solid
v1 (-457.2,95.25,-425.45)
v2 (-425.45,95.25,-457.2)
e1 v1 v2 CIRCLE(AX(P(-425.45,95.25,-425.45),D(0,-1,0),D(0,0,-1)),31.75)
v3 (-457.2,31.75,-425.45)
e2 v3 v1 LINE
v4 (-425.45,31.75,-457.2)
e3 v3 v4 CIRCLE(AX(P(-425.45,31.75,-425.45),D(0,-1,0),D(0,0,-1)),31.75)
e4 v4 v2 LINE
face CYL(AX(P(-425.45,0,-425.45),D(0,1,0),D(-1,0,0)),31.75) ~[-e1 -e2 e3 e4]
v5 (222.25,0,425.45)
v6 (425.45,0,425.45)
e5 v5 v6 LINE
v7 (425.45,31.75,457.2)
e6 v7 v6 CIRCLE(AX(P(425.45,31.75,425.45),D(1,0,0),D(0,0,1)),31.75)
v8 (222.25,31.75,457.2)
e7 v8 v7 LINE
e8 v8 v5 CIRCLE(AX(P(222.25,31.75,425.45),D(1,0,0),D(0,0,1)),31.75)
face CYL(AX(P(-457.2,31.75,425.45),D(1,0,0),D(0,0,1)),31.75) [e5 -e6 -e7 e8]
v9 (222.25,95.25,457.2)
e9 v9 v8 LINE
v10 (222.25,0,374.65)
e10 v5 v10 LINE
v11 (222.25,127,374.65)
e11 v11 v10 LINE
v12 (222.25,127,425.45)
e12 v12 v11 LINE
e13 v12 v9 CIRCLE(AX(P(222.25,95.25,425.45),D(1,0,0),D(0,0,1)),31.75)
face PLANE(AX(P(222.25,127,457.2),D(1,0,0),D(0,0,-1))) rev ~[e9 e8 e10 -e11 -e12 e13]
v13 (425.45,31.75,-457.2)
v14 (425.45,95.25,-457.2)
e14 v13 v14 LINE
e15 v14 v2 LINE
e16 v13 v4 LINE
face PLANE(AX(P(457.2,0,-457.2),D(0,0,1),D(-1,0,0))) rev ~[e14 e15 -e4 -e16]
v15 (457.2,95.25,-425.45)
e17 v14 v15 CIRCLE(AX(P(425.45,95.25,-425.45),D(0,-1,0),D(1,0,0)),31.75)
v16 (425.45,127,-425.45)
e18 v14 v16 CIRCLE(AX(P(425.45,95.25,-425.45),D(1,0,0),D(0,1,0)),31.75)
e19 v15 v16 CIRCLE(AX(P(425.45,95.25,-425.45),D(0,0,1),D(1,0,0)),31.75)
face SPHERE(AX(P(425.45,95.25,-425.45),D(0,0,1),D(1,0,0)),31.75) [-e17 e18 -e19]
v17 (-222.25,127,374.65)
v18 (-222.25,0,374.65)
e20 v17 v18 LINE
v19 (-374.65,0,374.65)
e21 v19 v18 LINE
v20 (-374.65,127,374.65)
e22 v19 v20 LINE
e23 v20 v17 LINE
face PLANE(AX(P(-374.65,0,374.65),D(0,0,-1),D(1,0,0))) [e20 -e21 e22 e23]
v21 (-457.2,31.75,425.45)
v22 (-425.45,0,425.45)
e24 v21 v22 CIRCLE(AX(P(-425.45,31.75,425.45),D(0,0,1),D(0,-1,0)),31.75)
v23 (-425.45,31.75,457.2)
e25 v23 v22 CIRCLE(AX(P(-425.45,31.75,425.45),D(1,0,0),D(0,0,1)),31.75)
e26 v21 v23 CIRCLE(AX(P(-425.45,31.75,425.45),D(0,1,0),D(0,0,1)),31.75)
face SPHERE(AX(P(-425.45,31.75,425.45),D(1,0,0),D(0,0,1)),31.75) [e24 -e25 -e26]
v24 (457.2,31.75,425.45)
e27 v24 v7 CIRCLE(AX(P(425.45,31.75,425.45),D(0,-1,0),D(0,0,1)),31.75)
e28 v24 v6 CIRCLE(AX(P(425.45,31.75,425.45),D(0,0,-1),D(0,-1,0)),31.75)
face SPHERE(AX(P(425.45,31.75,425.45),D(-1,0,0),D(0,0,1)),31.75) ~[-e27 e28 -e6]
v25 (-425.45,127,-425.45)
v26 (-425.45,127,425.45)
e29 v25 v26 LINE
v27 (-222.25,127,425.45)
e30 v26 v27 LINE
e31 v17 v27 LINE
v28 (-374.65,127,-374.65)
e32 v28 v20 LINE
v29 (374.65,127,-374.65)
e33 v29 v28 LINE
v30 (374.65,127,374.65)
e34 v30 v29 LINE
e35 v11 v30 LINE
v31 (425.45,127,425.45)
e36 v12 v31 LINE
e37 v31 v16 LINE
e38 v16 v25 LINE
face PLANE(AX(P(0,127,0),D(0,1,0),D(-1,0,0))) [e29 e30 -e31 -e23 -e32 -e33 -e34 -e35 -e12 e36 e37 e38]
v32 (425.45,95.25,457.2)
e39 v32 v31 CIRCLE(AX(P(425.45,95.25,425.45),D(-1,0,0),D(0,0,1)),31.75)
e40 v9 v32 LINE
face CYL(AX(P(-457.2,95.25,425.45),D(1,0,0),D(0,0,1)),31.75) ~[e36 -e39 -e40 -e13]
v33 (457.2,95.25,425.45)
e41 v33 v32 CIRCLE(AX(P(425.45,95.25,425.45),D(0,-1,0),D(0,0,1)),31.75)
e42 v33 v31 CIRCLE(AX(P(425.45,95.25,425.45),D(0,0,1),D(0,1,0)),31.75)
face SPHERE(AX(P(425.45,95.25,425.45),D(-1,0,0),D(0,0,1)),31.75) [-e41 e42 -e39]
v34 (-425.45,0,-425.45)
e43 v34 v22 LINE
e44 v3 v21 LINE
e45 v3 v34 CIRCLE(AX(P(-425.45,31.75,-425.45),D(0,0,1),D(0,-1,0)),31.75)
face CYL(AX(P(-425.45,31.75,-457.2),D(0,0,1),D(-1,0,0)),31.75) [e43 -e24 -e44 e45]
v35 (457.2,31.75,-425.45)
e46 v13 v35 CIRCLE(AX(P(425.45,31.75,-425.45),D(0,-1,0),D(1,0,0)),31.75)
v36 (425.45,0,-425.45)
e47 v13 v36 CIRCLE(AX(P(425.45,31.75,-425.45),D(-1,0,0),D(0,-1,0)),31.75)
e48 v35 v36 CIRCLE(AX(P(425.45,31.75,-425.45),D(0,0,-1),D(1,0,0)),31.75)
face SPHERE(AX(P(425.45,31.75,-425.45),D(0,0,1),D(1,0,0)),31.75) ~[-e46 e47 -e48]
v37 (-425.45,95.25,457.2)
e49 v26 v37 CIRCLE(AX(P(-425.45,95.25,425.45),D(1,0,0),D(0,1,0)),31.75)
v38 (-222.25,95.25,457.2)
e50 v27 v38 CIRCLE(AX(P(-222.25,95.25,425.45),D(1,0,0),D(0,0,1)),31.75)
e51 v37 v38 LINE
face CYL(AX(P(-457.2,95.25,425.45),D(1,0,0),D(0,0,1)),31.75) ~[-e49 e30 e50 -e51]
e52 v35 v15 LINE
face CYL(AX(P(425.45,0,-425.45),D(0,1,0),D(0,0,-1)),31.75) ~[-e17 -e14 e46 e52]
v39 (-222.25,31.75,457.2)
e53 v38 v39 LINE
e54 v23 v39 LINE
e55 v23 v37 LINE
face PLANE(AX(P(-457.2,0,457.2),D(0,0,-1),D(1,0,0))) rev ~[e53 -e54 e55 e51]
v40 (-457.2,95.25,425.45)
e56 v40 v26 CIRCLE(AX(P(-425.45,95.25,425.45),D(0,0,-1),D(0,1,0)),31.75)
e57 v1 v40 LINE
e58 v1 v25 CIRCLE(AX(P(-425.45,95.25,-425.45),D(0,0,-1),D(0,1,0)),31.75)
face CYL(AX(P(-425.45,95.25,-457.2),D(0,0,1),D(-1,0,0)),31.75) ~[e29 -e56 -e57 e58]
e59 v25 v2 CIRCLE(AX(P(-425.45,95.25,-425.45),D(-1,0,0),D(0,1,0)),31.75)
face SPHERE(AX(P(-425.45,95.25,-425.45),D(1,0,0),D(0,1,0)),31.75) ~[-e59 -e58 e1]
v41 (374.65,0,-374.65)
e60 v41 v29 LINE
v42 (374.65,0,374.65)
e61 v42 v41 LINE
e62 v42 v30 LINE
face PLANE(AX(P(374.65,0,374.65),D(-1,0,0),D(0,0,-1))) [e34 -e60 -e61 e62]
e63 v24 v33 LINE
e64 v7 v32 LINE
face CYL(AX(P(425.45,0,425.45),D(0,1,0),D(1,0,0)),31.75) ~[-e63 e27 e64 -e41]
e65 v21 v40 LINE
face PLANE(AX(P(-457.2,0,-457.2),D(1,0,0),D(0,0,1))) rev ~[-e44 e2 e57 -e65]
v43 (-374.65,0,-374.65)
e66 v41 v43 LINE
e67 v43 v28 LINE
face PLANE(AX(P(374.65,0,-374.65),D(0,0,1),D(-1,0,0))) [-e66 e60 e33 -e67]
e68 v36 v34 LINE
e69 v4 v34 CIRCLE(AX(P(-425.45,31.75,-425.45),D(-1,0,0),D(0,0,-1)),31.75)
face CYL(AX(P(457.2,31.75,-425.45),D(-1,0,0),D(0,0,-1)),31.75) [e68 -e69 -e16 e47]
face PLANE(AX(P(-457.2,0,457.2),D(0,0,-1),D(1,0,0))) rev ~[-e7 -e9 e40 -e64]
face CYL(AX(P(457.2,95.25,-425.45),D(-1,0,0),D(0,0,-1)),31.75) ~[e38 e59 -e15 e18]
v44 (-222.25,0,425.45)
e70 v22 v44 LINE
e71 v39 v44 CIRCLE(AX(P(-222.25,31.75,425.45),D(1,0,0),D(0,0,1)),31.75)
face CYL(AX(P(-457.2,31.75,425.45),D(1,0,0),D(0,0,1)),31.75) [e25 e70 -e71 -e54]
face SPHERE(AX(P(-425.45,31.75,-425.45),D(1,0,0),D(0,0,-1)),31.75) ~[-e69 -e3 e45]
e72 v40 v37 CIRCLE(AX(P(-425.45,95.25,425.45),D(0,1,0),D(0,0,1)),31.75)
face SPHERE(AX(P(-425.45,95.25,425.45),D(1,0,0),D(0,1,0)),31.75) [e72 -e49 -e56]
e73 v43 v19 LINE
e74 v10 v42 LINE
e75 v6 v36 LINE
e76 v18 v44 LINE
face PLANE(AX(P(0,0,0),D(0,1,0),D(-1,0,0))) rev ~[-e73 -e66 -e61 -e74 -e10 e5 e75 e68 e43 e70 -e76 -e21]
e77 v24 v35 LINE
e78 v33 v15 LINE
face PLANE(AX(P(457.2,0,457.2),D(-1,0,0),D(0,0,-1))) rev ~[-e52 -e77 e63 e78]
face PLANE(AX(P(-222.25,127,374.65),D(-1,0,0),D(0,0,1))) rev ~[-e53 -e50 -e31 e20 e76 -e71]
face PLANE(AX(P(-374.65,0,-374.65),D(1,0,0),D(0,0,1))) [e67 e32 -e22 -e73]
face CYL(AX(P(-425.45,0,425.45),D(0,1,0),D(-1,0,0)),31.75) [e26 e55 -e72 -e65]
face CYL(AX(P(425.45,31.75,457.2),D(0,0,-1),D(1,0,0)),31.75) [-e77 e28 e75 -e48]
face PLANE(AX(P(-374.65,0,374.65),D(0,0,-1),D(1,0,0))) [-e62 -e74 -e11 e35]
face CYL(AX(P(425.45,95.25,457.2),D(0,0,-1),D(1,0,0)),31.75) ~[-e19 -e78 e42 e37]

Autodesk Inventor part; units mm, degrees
ref_plane "YZ Plane" through (0, 0, 0) normal (1, 0, 0) x (0, 1, 0)
ref_plane "XZ Plane" through (0, 0, 0) normal (0, 1, 0) x (-1, 0, 0)
ref_plane "XY Plane" through (0, 0, 0) normal (0, 0, 1) x (1, 0, 0)
sketch "Sketch1" plane through (0, 0, 0) normal (0, 1, 0) x (-1, 0, 0)
  line L0 (374.65, 374.65) -> (-374.65, 374.65)
  line L1 (-374.65, 374.65) -> (-374.65, -374.65)
  line L2 (-374.65, -374.65) -> (374.65, -374.65)
  line L3 (374.65, -374.65) -> (374.65, 374.65)
  line L4 (374.65, 374.65) -> (-374.65, -374.65) construction
  line L5 (-374.65, 374.65) -> (374.65, -374.65) construction
  line L6 (457.2, 457.2) -> (-457.2, 457.2)
  line L7 (-457.2, 457.2) -> (-457.2, -457.2)
  line L8 (-457.2, -457.2) -> (457.2, -457.2)
  line L9 (457.2, -457.2) -> (457.2, 457.2)
  line L10 (457.2, 457.2) -> (-457.2, -457.2) construction
  line L11 (-457.2, 457.2) -> (457.2, -457.2) construction
  point P0 (0, 0)
  dimension "d0" = 82.55
  dimension "d1" = 82.55
  dimension "d2" = 749.3
  dimension "d3" = 749.3
extrude "Extrusion1" add sketch "Sketch1" along normal blind 127
fillet "Fillet1" radius 31.75 12 edges at (0, 127, 457.2) (0, 0, 457.2) (457.2, 63.5, 457.2) (457.2, 127, 0) (457.2, 0, 0) (457.2, 63.5, -457.2) (0, 127, -457.2) (-457.2, 127, 0) (-457.2, 63.5, 457.2) (0, 0, -457.2) (-457.2, 63.5, -457.2) (-457.2, 0, 0)
sketch "Bumper_Gaps" plane through (0, 127, 0) normal (0, 1, 0) x (1, 0, 0)
  line L0 (-222.25, -457.2) -> (222.25, -457.2)
  line L1 (222.25, -457.2) -> (222.25, -374.65)
  line L2 (222.25, -374.65) -> (-222.25, -374.65)
  line L3 (-222.25, -374.65) -> (-222.25, -457.2)
  line L4 (-222.25, -457.2) -> (222.25, -374.65) construction
  line L5 (222.25, -457.2) -> (-222.25, -374.65) construction
  line L6 (-457.2, -254) -> (-374.65, -254)
  line L7 (-374.65, -254) -> (-374.65, 254)
  line L8 (-374.65, 254) -> (-457.2, 254)
  line L9 (-457.2, 254) -> (-457.2, -254)
  line L10 (-457.2, -254) -> (-374.65, 254) construction
  line L11 (-374.65, -254) -> (-457.2, 254) construction
  line L12 (374.65, -254) -> (457.2, -254)
  line L13 (457.2, -254) -> (457.2, 254)
  line L14 (457.2, 254) -> (374.65, 254)
  line L15 (374.65, 254) -> (374.65, -254)
  line L16 (374.65, -254) -> (457.2, 254) construction
  line L17 (457.2, -254) -> (374.65, 254) construction
  line L18 (-374.65, -374.65) -> (-374.65, 374.65) projected
  line L19 (-457.2, 425.45) -> (-457.2, -425.45) projected
  line L20 (374.65, 374.65) -> (374.65, -374.65) projected
  line L21 (457.2, -425.45) -> (457.2, 425.45) projected
  line L22 (374.65, -374.65) -> (-374.65, -374.65) projected
  line L23 (-425.45, -457.2) -> (425.45, -457.2) projected
  line L24 (-196.85, 374.65) -> (196.85, 374.65)
  line L25 (196.85, 374.65) -> (196.85, 457.2)
  line L26 (196.85, 457.2) -> (-196.85, 457.2)
  line L27 (-196.85, 457.2) -> (-196.85, 374.65)
  line L28 (-196.85, 374.65) -> (196.85, 457.2) construction
  line L29 (196.85, 374.65) -> (-196.85, 457.2) construction
  line L30 (425.45, 457.2) -> (-425.45, 457.2) projected
  line L31 (-374.65, 374.65) -> (374.65, 374.65) projected
  point P0 (0, 0)
  point P1 (0, -415.925)
  point P2 (-415.925, 0)
  point P3 (415.925, 0)
  point P4 (0, 415.925)
  dimension "d15" = 444.5
  dimension "d16" = 393.7
  dimension "d17" = 508
  dimension "d18" = 508
extrude "Front_Gap" cut sketch "Bumper_Gaps" against normal through all contours L3 L2 L1 L0
extrude "Back_Gap" [suppressed]
extrude "Left_Gap" [suppressed]
extrude "Right_Gap" [suppressed]
equation "\"d1\" = d0"
equation "\"d2\" = Length"
equation "\"d3\" = Width"
equation "\"d15\" = Front_Width"
equation "\"d16\" = Back_Width"
equation "\"d17\" = Left_Width"
equation "\"d18\" = Right_Width"
equation "\"Length\" = 749.3"
equation "\"Width\" = 749.3"
equation "\"Front_Width\" = 444.5"
equation "\"Back_Width\" = 393.7"
equation "\"Left_Width\" = 508"
equation "\"Right_Width\" = 508"
equation "\"Front_Edge\" = 152.4"
equation "\"Back_Edge\" = 152.4"
equation "\"Left_Edge\" = 152.4"
equation "\"Right_Edge\" = 152.4"
equation "\"FECalc\" = -0.5 * Front_Width + 0.5 * Width"
equation "\"BECalc\" = -0.5 * Back_Width + 0.5 * Width"
equation "\"LECalc\" = -0.5 * Left_Width + 0.5 * Length"
equation "\"RECalc\" = -0.5 * Right_Width + 0.5 * Length"
equation "\"FWCalc\" = Width - 2 * Front_Edge"
equation "\"BWCalc\" = Width - 2 * Back_Edge"
equation "\"LWCalc\" = Length - 2 * Left_Edge"
equation "\"RWCalc\" = Length - 2 * Right_Edge"
properties part number "Bumper Template (WIP)"
